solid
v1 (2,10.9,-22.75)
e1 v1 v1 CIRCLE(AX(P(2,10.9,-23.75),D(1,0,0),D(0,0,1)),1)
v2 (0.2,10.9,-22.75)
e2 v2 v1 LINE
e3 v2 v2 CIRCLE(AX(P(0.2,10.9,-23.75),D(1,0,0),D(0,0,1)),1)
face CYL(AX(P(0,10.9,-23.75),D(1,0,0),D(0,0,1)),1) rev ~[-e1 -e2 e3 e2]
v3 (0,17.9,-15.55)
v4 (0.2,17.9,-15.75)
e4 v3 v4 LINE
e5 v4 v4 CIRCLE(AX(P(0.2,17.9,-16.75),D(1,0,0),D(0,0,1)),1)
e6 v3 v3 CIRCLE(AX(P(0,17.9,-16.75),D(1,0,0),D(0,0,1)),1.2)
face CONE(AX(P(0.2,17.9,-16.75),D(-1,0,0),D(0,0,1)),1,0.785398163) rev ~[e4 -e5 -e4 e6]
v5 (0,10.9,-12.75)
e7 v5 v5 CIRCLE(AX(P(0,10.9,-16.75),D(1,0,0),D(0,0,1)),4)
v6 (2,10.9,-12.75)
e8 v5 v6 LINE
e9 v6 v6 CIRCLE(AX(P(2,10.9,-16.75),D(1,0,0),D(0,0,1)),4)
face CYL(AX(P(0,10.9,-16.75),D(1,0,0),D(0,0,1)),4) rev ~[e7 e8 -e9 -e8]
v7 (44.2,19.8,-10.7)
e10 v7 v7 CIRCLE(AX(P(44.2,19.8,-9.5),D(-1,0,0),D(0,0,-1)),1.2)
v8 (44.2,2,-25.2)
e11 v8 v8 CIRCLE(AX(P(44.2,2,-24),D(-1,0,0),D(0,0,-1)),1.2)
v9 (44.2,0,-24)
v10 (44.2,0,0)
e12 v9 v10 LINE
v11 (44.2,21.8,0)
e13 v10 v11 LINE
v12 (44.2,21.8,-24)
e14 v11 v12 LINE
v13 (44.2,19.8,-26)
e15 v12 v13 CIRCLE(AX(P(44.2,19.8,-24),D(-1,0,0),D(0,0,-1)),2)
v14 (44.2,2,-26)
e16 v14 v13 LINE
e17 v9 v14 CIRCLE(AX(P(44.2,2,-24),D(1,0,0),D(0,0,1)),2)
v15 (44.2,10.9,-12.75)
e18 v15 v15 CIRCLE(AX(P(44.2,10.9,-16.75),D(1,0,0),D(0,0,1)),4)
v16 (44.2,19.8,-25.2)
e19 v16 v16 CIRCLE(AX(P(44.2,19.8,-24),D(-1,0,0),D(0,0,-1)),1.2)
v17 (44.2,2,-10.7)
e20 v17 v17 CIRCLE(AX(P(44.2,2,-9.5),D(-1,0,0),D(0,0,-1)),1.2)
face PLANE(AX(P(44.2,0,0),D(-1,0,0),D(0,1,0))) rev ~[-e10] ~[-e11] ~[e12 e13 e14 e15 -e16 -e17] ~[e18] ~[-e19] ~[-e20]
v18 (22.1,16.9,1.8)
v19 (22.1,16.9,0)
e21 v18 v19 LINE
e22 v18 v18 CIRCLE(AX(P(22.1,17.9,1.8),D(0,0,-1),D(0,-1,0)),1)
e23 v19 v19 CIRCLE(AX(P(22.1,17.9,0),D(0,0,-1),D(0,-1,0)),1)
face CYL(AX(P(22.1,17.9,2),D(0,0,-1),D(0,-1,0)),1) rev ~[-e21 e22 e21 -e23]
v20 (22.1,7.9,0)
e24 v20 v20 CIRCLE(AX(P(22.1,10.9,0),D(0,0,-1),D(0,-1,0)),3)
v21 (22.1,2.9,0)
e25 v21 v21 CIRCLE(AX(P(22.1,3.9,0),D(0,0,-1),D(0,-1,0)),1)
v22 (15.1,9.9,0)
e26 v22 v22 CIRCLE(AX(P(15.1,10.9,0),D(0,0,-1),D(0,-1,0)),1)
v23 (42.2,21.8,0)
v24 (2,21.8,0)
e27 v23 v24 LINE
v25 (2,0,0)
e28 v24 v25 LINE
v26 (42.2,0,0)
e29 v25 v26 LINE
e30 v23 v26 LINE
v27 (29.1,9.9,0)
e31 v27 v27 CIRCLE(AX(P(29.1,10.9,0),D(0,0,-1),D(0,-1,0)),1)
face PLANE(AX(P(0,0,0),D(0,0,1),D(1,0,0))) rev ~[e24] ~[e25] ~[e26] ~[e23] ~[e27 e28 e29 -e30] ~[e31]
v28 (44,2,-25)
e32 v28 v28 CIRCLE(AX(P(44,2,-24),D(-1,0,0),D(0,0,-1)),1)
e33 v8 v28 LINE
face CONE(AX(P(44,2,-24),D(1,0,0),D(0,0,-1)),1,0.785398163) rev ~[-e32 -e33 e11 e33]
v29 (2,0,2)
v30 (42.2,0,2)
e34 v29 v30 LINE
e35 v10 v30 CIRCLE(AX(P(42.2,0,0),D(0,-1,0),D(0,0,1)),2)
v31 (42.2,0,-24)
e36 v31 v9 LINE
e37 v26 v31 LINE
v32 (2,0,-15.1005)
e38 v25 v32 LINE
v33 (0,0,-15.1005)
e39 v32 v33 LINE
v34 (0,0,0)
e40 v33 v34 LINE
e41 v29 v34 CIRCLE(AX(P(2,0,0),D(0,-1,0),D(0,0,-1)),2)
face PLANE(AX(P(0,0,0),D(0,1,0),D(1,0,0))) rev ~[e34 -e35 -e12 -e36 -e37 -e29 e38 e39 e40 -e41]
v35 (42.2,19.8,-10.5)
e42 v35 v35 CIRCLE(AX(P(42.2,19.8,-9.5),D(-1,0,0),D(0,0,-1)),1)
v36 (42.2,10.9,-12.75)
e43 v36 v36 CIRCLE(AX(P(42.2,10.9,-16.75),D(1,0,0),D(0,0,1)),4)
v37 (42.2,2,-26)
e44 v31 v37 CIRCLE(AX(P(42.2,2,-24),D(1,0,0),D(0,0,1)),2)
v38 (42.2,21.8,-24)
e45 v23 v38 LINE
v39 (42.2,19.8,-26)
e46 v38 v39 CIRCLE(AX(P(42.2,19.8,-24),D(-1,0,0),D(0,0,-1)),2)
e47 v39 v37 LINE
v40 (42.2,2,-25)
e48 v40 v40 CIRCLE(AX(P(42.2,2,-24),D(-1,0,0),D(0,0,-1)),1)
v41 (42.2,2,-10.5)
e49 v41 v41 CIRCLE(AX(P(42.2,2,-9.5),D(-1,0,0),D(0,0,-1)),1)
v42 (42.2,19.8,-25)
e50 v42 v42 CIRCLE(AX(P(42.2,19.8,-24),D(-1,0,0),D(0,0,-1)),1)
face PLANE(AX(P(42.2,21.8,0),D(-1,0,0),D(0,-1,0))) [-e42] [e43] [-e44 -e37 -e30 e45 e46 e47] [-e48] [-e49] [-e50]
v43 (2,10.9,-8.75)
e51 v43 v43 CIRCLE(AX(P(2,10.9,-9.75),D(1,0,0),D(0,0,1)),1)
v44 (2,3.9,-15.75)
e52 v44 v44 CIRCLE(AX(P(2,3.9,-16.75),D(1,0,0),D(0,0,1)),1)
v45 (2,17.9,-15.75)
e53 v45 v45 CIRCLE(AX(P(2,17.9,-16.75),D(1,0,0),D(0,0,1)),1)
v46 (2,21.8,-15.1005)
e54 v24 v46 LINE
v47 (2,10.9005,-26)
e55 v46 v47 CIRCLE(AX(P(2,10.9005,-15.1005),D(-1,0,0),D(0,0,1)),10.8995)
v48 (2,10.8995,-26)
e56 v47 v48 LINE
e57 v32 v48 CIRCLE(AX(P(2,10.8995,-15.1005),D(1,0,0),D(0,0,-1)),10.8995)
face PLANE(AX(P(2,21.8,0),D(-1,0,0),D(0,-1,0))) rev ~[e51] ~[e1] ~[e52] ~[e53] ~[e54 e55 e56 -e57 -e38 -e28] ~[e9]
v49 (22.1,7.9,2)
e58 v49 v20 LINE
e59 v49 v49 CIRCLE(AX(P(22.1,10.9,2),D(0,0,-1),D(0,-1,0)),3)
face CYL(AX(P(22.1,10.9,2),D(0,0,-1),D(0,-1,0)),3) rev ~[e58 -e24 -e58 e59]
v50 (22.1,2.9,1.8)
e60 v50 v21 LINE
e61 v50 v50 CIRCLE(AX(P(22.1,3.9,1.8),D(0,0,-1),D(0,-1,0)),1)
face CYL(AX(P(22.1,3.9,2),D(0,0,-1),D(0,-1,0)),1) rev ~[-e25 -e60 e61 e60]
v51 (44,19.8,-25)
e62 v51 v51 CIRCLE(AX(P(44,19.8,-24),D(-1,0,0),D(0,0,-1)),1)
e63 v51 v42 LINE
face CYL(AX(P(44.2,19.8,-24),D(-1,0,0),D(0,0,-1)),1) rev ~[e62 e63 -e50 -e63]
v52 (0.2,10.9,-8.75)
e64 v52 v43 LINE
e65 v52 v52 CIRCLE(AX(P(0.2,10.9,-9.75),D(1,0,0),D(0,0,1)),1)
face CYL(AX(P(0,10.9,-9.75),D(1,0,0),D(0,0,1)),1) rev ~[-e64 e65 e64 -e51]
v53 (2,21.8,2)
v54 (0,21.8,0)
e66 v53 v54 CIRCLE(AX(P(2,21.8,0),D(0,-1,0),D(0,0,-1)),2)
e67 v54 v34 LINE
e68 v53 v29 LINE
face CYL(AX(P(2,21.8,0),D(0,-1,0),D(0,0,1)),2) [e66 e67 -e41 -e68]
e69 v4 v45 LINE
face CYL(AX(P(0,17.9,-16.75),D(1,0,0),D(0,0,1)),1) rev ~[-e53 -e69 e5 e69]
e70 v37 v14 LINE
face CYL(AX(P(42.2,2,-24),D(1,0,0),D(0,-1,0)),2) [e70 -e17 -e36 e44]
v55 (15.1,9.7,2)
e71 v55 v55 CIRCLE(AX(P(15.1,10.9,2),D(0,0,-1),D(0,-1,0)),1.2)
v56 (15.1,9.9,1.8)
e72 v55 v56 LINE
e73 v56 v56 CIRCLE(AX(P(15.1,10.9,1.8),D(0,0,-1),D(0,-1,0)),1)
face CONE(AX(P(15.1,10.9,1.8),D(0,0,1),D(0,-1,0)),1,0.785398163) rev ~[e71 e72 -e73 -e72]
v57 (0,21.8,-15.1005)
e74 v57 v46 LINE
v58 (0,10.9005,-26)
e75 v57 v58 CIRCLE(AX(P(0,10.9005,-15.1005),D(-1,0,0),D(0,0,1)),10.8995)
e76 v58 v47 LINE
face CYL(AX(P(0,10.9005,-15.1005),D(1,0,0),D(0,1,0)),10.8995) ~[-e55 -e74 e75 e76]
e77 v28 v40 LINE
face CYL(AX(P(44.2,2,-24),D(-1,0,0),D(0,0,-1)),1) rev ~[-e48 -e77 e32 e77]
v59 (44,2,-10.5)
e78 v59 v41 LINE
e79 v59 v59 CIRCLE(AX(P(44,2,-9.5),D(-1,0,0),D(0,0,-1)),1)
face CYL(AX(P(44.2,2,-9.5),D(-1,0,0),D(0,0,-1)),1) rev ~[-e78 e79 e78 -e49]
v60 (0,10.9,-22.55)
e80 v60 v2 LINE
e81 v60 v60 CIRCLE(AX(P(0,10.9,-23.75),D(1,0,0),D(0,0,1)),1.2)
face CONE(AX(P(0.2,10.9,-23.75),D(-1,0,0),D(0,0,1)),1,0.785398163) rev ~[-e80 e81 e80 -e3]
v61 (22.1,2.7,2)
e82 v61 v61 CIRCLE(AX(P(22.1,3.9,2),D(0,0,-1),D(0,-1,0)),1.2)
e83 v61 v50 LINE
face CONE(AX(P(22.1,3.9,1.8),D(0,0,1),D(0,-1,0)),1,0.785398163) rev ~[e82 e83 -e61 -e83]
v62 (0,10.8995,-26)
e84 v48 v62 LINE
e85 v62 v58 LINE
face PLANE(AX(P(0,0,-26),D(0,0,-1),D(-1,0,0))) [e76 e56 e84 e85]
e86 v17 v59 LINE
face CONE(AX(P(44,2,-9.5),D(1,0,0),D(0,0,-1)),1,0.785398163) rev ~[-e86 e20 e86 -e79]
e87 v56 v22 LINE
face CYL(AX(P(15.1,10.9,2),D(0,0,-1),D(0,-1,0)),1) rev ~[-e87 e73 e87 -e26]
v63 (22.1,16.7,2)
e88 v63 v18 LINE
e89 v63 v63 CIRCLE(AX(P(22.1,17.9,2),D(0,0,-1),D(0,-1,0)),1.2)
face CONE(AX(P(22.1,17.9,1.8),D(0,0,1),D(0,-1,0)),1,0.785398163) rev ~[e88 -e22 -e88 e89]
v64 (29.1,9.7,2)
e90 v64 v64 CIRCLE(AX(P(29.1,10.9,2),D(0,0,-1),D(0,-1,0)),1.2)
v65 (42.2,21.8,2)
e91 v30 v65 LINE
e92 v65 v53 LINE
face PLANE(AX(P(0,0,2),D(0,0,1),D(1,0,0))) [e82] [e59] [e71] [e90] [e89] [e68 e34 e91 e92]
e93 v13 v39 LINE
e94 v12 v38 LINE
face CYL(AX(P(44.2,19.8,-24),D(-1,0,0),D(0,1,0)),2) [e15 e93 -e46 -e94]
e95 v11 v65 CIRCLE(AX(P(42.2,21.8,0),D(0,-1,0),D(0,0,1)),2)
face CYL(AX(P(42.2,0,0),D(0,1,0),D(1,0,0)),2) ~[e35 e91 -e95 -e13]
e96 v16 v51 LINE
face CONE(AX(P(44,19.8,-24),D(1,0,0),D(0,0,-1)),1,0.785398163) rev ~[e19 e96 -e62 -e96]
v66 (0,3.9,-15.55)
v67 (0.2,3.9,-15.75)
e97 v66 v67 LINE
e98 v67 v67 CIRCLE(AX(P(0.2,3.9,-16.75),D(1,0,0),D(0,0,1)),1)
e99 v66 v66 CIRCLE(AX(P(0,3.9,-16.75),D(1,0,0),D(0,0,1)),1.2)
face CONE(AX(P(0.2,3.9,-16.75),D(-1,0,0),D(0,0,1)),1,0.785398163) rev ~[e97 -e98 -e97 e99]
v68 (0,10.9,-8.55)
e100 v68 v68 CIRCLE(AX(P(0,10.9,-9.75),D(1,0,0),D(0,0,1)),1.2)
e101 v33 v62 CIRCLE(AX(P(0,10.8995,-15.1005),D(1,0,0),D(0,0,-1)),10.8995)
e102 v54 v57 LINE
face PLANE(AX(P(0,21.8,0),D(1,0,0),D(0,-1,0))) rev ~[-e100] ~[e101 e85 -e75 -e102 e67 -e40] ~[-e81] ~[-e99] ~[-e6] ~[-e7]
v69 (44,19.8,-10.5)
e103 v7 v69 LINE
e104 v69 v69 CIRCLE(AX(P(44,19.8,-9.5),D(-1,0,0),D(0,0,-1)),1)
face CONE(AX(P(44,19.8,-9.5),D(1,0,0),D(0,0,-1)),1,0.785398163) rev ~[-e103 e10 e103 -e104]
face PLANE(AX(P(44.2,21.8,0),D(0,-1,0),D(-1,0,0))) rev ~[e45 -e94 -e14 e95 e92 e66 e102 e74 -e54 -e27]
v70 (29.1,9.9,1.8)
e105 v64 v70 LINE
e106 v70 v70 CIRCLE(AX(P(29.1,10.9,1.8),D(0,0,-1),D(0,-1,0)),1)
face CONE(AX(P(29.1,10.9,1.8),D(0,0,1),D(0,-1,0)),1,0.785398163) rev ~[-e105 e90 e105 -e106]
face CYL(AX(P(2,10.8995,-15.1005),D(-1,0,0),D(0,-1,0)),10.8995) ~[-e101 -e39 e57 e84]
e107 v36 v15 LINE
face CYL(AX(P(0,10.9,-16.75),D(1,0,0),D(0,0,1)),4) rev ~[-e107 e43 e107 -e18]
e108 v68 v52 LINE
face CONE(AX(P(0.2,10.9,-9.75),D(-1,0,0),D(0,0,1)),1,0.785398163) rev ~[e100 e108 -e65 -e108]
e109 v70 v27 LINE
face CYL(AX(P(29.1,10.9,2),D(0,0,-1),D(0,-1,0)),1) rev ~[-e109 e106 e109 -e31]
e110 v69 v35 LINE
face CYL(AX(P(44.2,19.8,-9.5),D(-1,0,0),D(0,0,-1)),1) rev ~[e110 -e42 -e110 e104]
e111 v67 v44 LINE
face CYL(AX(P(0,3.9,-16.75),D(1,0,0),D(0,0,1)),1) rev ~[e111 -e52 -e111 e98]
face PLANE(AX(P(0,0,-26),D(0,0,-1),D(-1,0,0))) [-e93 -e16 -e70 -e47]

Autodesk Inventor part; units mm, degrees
ref_plane "YZ Plane" through (0, 0, 0) normal (1, 0, 0) x (0, 1, 0)
ref_plane "XZ Plane" through (0, 0, 0) normal (0, 1, 0) x (-1, 0, 0)
ref_plane "XY Plane" through (0, 0, 0) normal (0, 0, 1) x (1, 0, 0)
sketch "Sketch1" plane through (0, 0, 0) normal (0, 0, 1) x (1, 0, 0)
  line L0 (0, 0) -> (44.2, 0)
  line L1 (44.2, 0) -> (44.2, 21.8)
  line L2 (44.2, 21.8) -> (0, 21.8)
  line L3 (0, 21.8) -> (0, 0)
  dimension "d0" = 21.8
  dimension "d1" = 44.2
extrude "Extrusion1" add sketch "Sketch1" along normal blind 2
sketch "Sketch2" plane through (0, 0, 0) normal (0, 0, -1) x (-1, 0, 0)
  line L0 (0, 21.8) -> (-2, 21.8)
  line L1 (-2, 21.8) -> (-2, 0)
  line L2 (-2, 0) -> (0, 0)
  line L3 (0, 0) -> (0, 21.8)
  line L4 (-44.2, 0) -> (-44.2, 21.8) projected
  line L5 (0, 0) -> (-44.2, 0) projected
  line L6 (-44.2, 21.8) -> (-42.2, 21.8)
  line L7 (-42.2, 21.8) -> (-42.2, 0)
  line L8 (-42.2, 0) -> (-44.2, 0)
  line L9 (-44.2, 0) -> (-44.2, 21.8)
  dimension "d4" = 2
  dimension "d5" = 2
  dimension "d93" = 21.8
extrude "Extrusion2" add sketch "Sketch2" along normal blind 26
fillet "Fillet1" radius 10.9 2 edges at (1, 21.8, -26) (1, 0, -26)
fillet "Fillet2" radius 2 2 edges at (43.2, 21.8, -26) (43.2, 0, -26)
sketch "Sketch3" plane through (0, 0, 2) normal (-1, 0, 0) x (0, 0, 1)
  line L0 (-28, 19.8) -> (-28, 2) projected
  circle A0 centre (-18.75, 10.9) radius 7
  circle A1 centre (-25.75, 10.9) radius 1
  circle A2 centre (-18.75, 3.9) radius 1
  circle A3 centre (-11.75, 10.9) radius 1
  circle A4 centre (-18.75, 17.9) radius 1
  point P0 (-2, 0)
  dimension "d11" = 14
  dimension "d12" = 2
  dimension "d15" = 360
hole "Hole1" at (0, 17.9, -16.75) at (0, 10.9, -23.75) at (0, 3.9, -16.75) at (0, 10.9, -9.75) direction (1, 0, 0) diameter 2 depth 2
thread "Thread1" size "M2x0.4" class "6H" standard "ANSI Metric M Profile" length 2
thread "Thread2" size "M2x0.4" class "6H" standard "ANSI Metric M Profile" length 2
thread "Thread3" size "M2x0.4" class "6H" standard "ANSI Metric M Profile" length 2
thread "Thread4" size "M2x0.4" class "6H" standard "ANSI Metric M Profile" length 2
sketch "Sketch4" plane through (44.2, 0, 2) normal (1, 0, 0) x (0, 0, -1)
  line L0 (26, 21.8) -> (0, 21.8) projected
  arc A0 (28, 19.8) -> (26, 21.8) centre (26, 19.8) ccw projected
  circle A1 centre (11.5, 19.8) radius 1
  circle A2 centre (26, 19.8) radius 1
  line L1 (26, 0) -> (26, 2)
  circle A3 centre (26, 2) radius 1
  circle A4 centre (11.5, 2) radius 1
  point P0 (2, 0)
  dimension "d34" = 2
  dimension "d35" = 2
  dimension "d36" = 2
  dimension "d37" = 2
  dimension "d38" = 2
hole "Hole2" at (44.2, 19.8, -9.5) at (44.2, 19.8, -24) at (44.2, 2, -24) at (44.2, 2, -9.5) direction (-1, 0, 0) diameter 2 depth 2
thread "Thread5" size "M2x0.4" class "6H" standard "ANSI Metric M Profile" length 2
thread "Thread6" size "M2x0.4" class "6H" standard "ANSI Metric M Profile" length 2
thread "Thread7" size "M2x0.4" class "6H" standard "ANSI Metric M Profile" length 2
thread "Thread8" size "M2x0.4" class "6H" standard "ANSI Metric M Profile" length 2
fillet "Fillet3" radius 2 2 edges at (0, 10.9, 2) (44.2, 10.9, 2)
sketch "Sketch5" plane through (0, 21.8, -15.1) normal (-1, 0, 0) x (0, 0, 1)
  circle A0 centre (-1.65, -3.9) radius 1 projected
  circle A1 centre (-1.65, -17.9) radius 1 projected
  line L0 (-1.65, -3.9) -> (-1.65, -17.9)
  circle A2 centre (-1.65, -10.9) radius 4
  point P0 (15.1, -21.8)
  dimension "d55" = 8
hole "Hole3" at (0, 10.9, -16.75) direction (1, 0, 0) diameter 8 depth 44.75
sketch "Sketch6" plane through (0, 0, 2) normal (0, 0, 1) x (1, 0, 0)
  line L0 (2, 0) -> (42.2, 0) projected
  line L1 (22.1, 0) -> (22.1, 21.8)
  line L2 (42.2, 21.8) -> (2, 21.8) projected
  line L3 (44.4097, 10.9) -> (-11.7207, 10.9)
  circle A0 centre (22.1, 10.9) radius 3
  circle A1 centre (22.1, 10.9) radius 7
  circle A2 centre (22.1, 3.9) radius 1
  circle A3 centre (29.1, 10.9) radius 1
  circle A4 centre (22.1, 17.9) radius 1
  circle A5 centre (15.1, 10.9) radius 1
  point P0 (0, 0)
  dimension "d64" = 14
  dimension "d63" = 6
  dimension "d65" = 2
  dimension "d68" = 360
hole "Hole4" at (22.1, 3.9, 2) at (29.1, 10.9, 2) at (22.1, 17.9, 2) at (15.1, 10.9, 2) direction (0, 0, -1) diameter 2 depth 2
sketch "Sketch7" plane through (0, 0, 2) normal (0, 0, 1) x (1, 0, 0)
  circle A0 centre (22.1, 3.9) radius 1 projected
  circle A1 centre (22.1, 17.9) radius 1 projected
  line L0 (22.1, 3.9) -> (22.1, 17.9)
  circle A2 centre (22.1, 10.9) radius 3
  point P0 (0, 0)
  dimension "d77" = 6
hole "Hole5" at (22.1, 10.9, 2) direction (0, 0, -1) diameter 6 depth 2
thread "Thread9" size "M2x0.4" class "6H" standard "ANSI Metric M Profile" length 2
thread "Thread10" size "M2x0.4" class "6H" standard "ANSI Metric M Profile" length 2
thread "Thread11" size "M2x0.4" class "6H" standard "ANSI Metric M Profile" length 2
thread "Thread12" size "M2x0.4" class "6H" standard "ANSI Metric M Profile" length 2
chamfer "Chamfer1" distance 0.2 angle 45 12 edges at (44.2, 2, -8.5) (44.2, 19.8, -8.5) (44.2, 2, -23) (44.2, 19.8, -23) (22.1, 4.9, 2) (15.1, 11.9, 2) (29.1, 11.9, 2) (22.1, 18.9, 2) (0, 10.9, -10.75) (0, 17.9, -17.75) (0, 3.9, -17.75) (0, 10.9, -24.75)
